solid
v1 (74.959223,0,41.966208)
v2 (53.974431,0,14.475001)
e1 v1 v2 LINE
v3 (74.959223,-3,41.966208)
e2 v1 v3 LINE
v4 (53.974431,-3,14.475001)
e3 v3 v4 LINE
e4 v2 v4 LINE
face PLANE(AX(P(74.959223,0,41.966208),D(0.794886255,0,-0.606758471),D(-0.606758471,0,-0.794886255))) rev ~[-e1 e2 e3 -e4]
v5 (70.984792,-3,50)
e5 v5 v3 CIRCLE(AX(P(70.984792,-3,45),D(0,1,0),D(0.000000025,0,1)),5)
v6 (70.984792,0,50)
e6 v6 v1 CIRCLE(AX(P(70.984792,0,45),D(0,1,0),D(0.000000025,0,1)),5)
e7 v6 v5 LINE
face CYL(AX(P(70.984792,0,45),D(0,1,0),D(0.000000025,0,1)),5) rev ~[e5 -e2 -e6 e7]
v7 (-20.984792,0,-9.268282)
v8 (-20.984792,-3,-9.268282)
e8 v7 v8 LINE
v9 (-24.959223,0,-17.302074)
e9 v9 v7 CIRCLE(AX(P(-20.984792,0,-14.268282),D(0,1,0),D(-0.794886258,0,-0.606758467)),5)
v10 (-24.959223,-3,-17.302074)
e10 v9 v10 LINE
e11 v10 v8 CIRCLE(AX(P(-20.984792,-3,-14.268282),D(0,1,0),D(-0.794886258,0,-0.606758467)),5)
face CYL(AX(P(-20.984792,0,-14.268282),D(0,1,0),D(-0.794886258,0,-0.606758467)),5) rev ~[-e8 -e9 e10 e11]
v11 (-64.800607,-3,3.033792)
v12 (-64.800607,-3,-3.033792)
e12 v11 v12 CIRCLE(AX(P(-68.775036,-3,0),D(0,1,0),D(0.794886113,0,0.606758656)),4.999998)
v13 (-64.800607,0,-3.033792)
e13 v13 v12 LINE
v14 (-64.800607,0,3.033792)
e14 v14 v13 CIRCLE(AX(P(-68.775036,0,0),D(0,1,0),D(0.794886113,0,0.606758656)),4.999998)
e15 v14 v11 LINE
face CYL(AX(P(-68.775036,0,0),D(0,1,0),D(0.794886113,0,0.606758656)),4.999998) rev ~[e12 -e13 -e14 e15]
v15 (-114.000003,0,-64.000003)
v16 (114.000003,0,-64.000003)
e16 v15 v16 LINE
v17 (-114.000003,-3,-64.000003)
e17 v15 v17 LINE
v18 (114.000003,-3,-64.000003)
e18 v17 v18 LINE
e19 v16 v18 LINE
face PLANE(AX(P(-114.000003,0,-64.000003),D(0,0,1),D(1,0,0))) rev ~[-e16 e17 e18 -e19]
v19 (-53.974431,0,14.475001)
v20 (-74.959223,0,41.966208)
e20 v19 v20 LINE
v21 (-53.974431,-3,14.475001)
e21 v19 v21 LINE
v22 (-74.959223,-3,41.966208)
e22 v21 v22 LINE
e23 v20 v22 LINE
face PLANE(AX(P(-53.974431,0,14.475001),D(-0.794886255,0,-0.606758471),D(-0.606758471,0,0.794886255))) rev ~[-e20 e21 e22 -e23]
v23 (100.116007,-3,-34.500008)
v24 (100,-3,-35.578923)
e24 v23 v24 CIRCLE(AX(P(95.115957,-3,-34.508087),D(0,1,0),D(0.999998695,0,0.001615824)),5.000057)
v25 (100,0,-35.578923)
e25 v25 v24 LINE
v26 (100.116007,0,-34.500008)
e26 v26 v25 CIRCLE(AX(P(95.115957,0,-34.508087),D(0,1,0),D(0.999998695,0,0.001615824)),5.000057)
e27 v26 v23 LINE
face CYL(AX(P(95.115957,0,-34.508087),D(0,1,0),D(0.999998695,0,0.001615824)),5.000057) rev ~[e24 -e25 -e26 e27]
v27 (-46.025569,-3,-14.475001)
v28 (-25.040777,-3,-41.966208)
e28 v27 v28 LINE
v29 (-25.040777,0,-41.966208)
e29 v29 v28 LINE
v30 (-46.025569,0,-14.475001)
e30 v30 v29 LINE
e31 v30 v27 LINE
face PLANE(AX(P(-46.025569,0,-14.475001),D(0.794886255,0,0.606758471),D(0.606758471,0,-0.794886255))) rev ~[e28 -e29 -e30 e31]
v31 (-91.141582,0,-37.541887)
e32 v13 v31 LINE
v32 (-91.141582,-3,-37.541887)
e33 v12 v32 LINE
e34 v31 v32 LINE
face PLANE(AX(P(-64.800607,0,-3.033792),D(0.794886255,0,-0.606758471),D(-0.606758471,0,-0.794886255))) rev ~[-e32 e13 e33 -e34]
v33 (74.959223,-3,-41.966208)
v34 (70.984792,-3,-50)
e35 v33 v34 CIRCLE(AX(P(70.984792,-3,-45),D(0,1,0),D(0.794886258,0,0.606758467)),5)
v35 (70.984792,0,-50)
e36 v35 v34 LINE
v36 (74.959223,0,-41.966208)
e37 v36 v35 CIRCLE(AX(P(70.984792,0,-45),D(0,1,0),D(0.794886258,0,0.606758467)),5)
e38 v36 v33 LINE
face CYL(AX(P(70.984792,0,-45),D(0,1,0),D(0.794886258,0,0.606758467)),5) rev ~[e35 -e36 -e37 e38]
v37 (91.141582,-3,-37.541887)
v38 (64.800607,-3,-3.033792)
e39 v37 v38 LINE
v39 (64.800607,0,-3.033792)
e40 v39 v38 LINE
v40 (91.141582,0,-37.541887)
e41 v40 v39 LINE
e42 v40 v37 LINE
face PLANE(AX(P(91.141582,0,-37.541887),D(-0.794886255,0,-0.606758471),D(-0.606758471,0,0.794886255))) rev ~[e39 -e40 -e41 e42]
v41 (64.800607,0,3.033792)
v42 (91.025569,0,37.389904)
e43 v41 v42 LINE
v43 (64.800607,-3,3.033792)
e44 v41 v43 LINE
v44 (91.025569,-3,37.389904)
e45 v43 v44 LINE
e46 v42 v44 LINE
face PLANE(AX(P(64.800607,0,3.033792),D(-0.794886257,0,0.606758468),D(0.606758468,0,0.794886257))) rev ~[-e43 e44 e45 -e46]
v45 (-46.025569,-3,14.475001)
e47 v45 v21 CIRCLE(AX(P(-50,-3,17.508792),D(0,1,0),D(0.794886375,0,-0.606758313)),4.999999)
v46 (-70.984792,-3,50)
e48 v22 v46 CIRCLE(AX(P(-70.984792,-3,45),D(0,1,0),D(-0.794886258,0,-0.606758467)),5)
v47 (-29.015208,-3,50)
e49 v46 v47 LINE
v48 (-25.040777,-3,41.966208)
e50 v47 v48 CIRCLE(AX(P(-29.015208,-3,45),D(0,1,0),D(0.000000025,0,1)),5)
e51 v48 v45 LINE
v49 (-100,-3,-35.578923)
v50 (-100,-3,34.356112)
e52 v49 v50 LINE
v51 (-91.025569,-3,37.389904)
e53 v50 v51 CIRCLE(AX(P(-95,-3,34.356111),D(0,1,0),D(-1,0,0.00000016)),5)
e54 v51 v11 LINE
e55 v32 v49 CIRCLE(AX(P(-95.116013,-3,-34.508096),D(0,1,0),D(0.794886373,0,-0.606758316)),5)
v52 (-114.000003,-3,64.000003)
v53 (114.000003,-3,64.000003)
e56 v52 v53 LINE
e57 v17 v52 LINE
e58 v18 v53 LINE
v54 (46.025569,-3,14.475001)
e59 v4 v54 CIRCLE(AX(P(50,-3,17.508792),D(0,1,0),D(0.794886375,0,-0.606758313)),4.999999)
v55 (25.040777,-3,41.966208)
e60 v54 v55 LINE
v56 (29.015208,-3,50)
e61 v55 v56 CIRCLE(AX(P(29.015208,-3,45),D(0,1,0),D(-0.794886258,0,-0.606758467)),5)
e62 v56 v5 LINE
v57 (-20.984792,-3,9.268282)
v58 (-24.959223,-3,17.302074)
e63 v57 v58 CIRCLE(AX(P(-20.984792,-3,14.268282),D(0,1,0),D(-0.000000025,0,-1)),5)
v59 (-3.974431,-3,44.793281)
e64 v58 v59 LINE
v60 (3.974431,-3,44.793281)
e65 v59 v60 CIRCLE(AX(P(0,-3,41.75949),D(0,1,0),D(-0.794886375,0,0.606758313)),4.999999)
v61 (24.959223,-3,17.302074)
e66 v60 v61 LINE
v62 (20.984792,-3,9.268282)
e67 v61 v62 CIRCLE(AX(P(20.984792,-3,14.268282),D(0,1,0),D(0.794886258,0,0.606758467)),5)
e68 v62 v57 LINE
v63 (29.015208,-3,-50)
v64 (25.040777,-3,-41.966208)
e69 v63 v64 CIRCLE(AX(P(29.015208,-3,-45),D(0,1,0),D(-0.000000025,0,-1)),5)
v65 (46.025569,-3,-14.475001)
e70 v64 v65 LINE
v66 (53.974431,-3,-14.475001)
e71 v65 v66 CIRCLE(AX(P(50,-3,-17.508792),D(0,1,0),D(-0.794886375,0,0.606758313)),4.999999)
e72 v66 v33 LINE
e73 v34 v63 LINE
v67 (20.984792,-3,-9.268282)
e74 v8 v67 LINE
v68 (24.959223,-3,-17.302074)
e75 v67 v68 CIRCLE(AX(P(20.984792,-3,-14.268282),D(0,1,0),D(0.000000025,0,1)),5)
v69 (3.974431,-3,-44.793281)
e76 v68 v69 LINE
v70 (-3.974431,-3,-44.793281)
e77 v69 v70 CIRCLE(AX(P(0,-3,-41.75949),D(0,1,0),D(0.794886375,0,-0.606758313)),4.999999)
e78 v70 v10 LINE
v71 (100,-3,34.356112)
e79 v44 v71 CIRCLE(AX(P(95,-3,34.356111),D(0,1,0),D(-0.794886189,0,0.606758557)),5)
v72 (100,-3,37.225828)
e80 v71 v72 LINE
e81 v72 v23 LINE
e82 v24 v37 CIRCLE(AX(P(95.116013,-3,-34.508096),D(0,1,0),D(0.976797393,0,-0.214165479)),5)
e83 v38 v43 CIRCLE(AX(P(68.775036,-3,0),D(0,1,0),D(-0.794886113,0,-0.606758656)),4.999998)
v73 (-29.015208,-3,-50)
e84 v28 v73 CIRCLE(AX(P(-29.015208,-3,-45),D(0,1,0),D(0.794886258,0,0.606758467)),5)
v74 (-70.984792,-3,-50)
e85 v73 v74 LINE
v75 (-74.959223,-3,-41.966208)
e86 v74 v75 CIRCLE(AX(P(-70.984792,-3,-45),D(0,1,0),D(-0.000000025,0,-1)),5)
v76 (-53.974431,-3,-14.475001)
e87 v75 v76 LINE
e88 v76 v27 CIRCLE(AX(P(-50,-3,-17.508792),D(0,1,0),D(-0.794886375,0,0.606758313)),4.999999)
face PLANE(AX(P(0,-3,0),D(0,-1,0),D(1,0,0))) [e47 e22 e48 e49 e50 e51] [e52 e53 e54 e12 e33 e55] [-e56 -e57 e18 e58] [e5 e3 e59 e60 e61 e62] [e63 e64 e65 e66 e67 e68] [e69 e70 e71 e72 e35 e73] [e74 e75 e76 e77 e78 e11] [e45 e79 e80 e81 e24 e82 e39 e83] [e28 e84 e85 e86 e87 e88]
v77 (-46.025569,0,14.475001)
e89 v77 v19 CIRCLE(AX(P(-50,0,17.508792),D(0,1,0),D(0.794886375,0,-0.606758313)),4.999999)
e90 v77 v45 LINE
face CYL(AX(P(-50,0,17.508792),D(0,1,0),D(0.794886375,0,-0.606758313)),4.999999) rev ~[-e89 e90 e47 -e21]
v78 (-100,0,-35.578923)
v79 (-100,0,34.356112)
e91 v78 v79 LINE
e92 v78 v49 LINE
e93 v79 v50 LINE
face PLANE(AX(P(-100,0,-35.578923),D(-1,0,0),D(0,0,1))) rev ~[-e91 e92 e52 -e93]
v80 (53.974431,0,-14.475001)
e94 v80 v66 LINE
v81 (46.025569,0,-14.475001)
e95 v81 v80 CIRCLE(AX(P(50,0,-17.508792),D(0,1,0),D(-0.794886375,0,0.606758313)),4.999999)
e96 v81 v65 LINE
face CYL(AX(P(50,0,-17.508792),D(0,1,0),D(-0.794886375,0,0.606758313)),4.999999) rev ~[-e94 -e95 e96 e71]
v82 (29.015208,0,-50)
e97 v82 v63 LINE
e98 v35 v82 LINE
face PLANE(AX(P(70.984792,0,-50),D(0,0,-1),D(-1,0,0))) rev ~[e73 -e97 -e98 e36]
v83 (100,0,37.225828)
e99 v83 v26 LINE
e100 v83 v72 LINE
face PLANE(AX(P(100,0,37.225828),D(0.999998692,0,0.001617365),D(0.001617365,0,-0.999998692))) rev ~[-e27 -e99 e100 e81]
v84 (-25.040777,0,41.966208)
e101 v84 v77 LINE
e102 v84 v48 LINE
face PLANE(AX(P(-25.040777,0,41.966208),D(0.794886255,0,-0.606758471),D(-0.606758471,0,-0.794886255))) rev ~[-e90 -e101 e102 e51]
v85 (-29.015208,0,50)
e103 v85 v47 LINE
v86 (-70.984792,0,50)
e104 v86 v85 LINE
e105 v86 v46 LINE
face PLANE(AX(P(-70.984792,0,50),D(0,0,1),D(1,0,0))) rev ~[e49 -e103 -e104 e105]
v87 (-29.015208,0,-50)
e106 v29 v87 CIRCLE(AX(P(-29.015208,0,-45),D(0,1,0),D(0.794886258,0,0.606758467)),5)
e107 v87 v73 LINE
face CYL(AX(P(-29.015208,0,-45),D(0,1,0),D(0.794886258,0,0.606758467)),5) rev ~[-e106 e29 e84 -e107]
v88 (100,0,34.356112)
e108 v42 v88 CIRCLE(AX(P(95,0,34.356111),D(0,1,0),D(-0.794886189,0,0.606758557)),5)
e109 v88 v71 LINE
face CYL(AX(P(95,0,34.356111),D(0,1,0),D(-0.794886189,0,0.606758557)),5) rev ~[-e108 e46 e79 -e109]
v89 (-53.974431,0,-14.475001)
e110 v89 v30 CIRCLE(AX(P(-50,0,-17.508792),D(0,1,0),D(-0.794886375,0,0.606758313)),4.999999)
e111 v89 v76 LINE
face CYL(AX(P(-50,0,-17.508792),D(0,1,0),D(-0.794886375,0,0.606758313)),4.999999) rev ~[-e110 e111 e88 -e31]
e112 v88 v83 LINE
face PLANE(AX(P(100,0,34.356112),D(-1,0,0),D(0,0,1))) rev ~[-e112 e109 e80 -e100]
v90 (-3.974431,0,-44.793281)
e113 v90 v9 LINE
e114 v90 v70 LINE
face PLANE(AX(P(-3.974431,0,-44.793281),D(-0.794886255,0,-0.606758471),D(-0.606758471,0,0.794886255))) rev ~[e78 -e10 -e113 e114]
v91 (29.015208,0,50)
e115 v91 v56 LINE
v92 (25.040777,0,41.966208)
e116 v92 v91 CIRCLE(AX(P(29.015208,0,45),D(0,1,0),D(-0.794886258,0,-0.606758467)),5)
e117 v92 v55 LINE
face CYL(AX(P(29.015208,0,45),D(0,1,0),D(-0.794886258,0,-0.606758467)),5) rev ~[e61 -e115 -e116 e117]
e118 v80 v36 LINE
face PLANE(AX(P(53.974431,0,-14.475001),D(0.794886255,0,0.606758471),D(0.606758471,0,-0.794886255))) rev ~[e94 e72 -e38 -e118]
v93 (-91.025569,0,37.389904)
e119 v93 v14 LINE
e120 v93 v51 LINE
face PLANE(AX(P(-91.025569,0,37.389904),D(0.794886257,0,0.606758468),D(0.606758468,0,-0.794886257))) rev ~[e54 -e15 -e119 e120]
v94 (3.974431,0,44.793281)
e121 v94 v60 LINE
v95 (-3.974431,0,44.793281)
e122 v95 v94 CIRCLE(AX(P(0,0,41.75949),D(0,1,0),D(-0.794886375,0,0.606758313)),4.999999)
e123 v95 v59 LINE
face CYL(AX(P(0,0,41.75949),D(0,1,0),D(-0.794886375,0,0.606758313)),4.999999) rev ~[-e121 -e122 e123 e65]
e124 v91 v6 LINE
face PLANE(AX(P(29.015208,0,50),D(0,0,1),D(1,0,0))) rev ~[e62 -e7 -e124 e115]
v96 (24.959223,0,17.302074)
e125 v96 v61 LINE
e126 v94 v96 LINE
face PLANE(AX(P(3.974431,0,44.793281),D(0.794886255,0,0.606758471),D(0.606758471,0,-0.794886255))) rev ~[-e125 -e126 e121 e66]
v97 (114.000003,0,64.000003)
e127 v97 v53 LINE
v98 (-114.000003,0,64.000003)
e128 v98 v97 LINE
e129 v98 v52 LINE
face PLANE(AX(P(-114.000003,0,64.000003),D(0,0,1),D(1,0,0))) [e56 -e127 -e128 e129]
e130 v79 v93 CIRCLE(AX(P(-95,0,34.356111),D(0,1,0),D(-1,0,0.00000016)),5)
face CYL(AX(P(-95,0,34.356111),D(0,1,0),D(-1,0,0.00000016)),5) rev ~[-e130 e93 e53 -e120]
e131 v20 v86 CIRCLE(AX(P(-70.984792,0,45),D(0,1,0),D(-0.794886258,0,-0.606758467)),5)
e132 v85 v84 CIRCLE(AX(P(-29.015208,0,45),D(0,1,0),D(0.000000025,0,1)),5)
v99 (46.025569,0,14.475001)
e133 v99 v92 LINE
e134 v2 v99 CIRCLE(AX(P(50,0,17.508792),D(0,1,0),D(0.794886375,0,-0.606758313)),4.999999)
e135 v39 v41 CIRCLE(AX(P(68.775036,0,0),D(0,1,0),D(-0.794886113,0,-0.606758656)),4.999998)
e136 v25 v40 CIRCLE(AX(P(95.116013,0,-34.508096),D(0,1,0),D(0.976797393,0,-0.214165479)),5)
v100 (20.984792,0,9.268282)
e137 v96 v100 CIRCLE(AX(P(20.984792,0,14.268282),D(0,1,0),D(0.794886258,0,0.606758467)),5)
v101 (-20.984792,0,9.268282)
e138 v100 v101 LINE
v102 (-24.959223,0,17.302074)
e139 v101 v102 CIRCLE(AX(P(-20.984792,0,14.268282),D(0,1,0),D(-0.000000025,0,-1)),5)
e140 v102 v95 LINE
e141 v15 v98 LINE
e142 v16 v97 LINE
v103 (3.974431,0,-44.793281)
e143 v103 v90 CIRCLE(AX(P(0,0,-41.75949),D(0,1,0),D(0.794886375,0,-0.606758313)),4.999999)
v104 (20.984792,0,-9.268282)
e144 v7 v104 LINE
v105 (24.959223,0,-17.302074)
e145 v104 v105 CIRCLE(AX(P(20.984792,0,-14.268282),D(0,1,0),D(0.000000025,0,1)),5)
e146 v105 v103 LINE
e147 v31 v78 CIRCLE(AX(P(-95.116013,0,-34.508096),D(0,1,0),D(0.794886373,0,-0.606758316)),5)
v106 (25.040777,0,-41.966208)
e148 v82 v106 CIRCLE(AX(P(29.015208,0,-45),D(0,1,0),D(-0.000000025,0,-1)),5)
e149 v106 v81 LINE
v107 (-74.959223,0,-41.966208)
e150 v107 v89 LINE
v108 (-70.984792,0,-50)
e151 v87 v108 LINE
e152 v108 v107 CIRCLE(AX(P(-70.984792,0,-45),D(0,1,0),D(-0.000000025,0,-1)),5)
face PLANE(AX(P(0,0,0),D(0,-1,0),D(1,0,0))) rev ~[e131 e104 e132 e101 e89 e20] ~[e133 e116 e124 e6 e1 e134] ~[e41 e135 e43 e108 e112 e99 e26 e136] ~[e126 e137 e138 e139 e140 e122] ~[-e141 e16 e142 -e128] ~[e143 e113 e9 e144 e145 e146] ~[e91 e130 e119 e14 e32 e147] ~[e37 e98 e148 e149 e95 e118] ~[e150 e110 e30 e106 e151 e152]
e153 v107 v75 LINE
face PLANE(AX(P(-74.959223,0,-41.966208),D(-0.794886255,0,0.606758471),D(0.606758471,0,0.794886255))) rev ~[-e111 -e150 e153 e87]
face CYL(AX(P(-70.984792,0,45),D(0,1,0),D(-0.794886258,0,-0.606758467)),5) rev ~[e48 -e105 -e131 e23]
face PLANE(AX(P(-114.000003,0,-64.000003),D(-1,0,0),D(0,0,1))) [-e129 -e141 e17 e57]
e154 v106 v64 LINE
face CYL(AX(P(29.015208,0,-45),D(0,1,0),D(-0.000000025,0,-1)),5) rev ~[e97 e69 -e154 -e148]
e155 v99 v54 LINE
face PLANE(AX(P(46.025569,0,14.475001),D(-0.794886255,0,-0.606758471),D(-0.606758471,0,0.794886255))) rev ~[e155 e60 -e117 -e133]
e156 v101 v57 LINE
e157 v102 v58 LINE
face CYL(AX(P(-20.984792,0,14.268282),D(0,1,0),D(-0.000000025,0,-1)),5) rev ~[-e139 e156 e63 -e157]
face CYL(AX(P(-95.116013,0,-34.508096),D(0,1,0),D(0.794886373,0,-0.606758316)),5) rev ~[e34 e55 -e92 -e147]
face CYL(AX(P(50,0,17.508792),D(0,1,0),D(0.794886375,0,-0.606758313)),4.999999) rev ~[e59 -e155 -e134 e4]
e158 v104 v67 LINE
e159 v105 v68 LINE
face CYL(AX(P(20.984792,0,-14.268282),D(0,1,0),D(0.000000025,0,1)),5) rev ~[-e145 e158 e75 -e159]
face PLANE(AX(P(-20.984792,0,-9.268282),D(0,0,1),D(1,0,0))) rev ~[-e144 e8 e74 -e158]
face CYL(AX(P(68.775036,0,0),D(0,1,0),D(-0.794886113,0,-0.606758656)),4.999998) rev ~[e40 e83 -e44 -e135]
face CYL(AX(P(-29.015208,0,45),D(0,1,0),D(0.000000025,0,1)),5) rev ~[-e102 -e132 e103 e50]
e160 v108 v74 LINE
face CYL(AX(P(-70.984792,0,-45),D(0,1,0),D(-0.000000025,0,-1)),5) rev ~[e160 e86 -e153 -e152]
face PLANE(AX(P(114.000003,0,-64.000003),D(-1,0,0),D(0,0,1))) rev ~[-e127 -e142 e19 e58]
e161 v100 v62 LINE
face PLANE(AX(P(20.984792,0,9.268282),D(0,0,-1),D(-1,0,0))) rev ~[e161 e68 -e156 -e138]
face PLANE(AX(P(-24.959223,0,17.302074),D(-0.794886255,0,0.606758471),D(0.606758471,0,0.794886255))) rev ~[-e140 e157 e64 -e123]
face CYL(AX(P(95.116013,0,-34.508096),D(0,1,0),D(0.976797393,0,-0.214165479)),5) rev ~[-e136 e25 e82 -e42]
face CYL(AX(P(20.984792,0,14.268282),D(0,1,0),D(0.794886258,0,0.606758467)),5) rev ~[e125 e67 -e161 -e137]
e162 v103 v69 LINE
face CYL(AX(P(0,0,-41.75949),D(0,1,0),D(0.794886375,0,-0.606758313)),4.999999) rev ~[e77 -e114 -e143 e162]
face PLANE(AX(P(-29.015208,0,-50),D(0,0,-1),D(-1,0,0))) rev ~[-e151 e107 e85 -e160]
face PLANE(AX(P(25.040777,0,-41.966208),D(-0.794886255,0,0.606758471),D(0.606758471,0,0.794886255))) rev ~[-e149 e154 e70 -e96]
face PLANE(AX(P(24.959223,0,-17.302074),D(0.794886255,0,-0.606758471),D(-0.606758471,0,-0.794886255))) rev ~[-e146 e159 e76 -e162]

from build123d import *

# Parameters (mm, degrees)
F0_W     = 228.000006
F0_H     = 128.000006
F1_DEPTH = 3


with BuildPart() as f1:
    # F0 (on Front) → F1 (new body)
    with BuildSketch(Plane.XZ):
        Rectangle(F0_W, F0_H)
        with BuildLine():
            Line((100, -35.578923), (100, -50))
            Line((100, -50), (70.984792, -50))
            Line((70.984792, -50), (29.015208, -50))
            Line((29.015208, -50), (-29.015208, -50))
            Line((-29.015208, -50), (-70.984792, -50))
            Line((-70.984792, -50), (-100, -50))
            Line((-100, -50), (-100, -35.578923))
            Line((-100, -35.578923), (-100, 34.356112))
            Line((-100, 34.356112), (-100, 50))
            Line((-100, 50), (-70.984792, 50))
            Line((-70.984792, 50), (-29.015208, 50))
            Line((-29.015208, 50), (18.414966, 50))
            Line((18.414966, 50), (29.015208, 50))
            Line((29.015208, 50), (70.984792, 50))
            Line((70.984792, 50), (81.585034, 50))
            Line((81.585034, 50), (100, 50))
            Line((100, 50), (100, 37.225828))
            Line((100, 37.225828), (100.116007, -34.500008))
            ThreePointArc((100.116007, -34.500008), (100.087359, -35.042622), (100, -35.578923))
        make_face(mode=Mode.SUBTRACT)
        with BuildLine():
            Line((70.984792, -50), (100, -50))
            Line((100, -50), (100, -35.578923))
            ThreePointArc((100, -35.578923), (96.197739, -39.38968), (91.141582, -37.541887))
            Line((91.141582, -37.541887), (64.800607, -3.033792))
            ThreePointArc((64.800607, -3.033792), (63.775038, 0), (64.800607, 3.033792))
            Line((64.800607, 3.033792), (91.025569, 37.389904))
            ThreePointArc((91.025569, 37.389904), (96.601225, 39.092785), (100, 34.356112))
            Line((100, 34.356112), (100, 37.225828))
            Line((100, 37.225828), (100, 50))
            Line((100, 50), (81.585034, 50))
            Line((81.585034, 50), (70.984792, 50))
            ThreePointArc((70.984792, 50), (75.466363, 47.217097), (74.959223, 41.966208))
            Line((74.959223, 41.966208), (53.974431, 14.475001))
            ThreePointArc((53.974431, 14.475001), (50, 12.508793), (46.025569, 14.475001))
            Line((46.025569, 14.475001), (25.040777, 41.966208))
            ThreePointArc((25.040777, 41.966208), (24.533637, 47.217097), (29.015208, 50))
            Line((29.015208, 50), (18.414966, 50))
            Line((18.414966, 50), (-29.015208, 50))
            ThreePointArc((-29.015208, 50), (-24.533637, 47.217097), (-25.040777, 41.966208))
            Line((-25.040777, 41.966208), (-46.025569, 14.475001))
            ThreePointArc((-46.025569, 14.475001), (-50, 12.508793), (-53.974431, 14.475001))
            Line((-53.974431, 14.475001), (-74.959223, 41.966208))
            ThreePointArc((-74.959223, 41.966208), (-75.466363, 47.217097), (-70.984792, 50))
            Line((-70.984792, 50), (-100, 50))
            Line((-100, 50), (-100, 34.356112))
            ThreePointArc((-100, 34.356112), (-96.601225, 39.092785), (-91.025569, 37.389904))
            Line((-91.025569, 37.389904), (-64.800607, 3.033792))
            ThreePointArc((-64.800607, 3.033792), (-63.775038, 0), (-64.800607, -3.033792))
            Line((-64.800607, -3.033792), (-91.141582, -37.541887))
            ThreePointArc((-91.141582, -37.541887), (-96.197739, -39.38968), (-100, -35.578923))
            Line((-100, -35.578923), (-100, -50))
            Line((-100, -50), (-70.984792, -50))
            ThreePointArc((-70.984792, -50), (-75.466363, -47.217097), (-74.959223, -41.966208))
            Line((-74.959223, -41.966208), (-53.974431, -14.475001))
            ThreePointArc((-53.974431, -14.475001), (-50, -12.508793), (-46.025569, -14.475001))
            Line((-46.025569, -14.475001), (-25.040777, -41.966208))
            ThreePointArc((-25.040777, -41.966208), (-24.533637, -47.217097), (-29.015208, -50))
            Line((-29.015208, -50), (29.015208, -50))
            ThreePointArc((29.015208, -50), (24.533637, -47.217097), (25.040777, -41.966208))
            Line((25.040777, -41.966208), (46.025569, -14.475001))
            ThreePointArc((46.025569, -14.475001), (50, -12.508793), (53.974431, -14.475001))
            Line((53.974431, -14.475001), (74.959223, -41.966208))
            ThreePointArc((74.959223, -41.966208), (75.466363, -47.217097), (70.984792, -50))
        make_face()
        with BuildLine():
            Line((24.959223, -17.302074), (3.974431, -44.793281))
            ThreePointArc((3.974431, -44.793281), (0, -46.759489), (-3.974431, -44.793281))
            Line((-3.974431, -44.793281), (-24.959223, -17.302074))
            ThreePointArc((-24.959223, -17.302074), (-25.466363, -12.051185), (-20.984792, -9.268282))
            Line((-20.984792, -9.268282), (0, -9.268282))
            Line((0, -9.268282), (20.984792, -9.268282))
            ThreePointArc((20.984792, -9.268282), (25.466363, -12.051185), (24.959223, -17.302074))
        make_face(mode=Mode.SUBTRACT)
        with BuildLine():
            ThreePointArc((-3.974431, 44.793281), (0, 46.759489), (3.974431, 44.793281))
            Line((3.974431, 44.793281), (24.959223, 17.302074))
            ThreePointArc((24.959223, 17.302074), (25.466363, 12.051185), (20.984792, 9.268282))
            Line((20.984792, 9.268282), (0, 9.268282))
            Line((0, 9.268282), (-20.984792, 9.268282))
            ThreePointArc((-20.984792, 9.268282), (-25.466363, 12.051185), (-24.959223, 17.302074))
            Line((-24.959223, 17.302074), (-3.974431, 44.793281))
        make_face(mode=Mode.SUBTRACT)
    extrude(amount=F1_DEPTH)


solid = f1.part
